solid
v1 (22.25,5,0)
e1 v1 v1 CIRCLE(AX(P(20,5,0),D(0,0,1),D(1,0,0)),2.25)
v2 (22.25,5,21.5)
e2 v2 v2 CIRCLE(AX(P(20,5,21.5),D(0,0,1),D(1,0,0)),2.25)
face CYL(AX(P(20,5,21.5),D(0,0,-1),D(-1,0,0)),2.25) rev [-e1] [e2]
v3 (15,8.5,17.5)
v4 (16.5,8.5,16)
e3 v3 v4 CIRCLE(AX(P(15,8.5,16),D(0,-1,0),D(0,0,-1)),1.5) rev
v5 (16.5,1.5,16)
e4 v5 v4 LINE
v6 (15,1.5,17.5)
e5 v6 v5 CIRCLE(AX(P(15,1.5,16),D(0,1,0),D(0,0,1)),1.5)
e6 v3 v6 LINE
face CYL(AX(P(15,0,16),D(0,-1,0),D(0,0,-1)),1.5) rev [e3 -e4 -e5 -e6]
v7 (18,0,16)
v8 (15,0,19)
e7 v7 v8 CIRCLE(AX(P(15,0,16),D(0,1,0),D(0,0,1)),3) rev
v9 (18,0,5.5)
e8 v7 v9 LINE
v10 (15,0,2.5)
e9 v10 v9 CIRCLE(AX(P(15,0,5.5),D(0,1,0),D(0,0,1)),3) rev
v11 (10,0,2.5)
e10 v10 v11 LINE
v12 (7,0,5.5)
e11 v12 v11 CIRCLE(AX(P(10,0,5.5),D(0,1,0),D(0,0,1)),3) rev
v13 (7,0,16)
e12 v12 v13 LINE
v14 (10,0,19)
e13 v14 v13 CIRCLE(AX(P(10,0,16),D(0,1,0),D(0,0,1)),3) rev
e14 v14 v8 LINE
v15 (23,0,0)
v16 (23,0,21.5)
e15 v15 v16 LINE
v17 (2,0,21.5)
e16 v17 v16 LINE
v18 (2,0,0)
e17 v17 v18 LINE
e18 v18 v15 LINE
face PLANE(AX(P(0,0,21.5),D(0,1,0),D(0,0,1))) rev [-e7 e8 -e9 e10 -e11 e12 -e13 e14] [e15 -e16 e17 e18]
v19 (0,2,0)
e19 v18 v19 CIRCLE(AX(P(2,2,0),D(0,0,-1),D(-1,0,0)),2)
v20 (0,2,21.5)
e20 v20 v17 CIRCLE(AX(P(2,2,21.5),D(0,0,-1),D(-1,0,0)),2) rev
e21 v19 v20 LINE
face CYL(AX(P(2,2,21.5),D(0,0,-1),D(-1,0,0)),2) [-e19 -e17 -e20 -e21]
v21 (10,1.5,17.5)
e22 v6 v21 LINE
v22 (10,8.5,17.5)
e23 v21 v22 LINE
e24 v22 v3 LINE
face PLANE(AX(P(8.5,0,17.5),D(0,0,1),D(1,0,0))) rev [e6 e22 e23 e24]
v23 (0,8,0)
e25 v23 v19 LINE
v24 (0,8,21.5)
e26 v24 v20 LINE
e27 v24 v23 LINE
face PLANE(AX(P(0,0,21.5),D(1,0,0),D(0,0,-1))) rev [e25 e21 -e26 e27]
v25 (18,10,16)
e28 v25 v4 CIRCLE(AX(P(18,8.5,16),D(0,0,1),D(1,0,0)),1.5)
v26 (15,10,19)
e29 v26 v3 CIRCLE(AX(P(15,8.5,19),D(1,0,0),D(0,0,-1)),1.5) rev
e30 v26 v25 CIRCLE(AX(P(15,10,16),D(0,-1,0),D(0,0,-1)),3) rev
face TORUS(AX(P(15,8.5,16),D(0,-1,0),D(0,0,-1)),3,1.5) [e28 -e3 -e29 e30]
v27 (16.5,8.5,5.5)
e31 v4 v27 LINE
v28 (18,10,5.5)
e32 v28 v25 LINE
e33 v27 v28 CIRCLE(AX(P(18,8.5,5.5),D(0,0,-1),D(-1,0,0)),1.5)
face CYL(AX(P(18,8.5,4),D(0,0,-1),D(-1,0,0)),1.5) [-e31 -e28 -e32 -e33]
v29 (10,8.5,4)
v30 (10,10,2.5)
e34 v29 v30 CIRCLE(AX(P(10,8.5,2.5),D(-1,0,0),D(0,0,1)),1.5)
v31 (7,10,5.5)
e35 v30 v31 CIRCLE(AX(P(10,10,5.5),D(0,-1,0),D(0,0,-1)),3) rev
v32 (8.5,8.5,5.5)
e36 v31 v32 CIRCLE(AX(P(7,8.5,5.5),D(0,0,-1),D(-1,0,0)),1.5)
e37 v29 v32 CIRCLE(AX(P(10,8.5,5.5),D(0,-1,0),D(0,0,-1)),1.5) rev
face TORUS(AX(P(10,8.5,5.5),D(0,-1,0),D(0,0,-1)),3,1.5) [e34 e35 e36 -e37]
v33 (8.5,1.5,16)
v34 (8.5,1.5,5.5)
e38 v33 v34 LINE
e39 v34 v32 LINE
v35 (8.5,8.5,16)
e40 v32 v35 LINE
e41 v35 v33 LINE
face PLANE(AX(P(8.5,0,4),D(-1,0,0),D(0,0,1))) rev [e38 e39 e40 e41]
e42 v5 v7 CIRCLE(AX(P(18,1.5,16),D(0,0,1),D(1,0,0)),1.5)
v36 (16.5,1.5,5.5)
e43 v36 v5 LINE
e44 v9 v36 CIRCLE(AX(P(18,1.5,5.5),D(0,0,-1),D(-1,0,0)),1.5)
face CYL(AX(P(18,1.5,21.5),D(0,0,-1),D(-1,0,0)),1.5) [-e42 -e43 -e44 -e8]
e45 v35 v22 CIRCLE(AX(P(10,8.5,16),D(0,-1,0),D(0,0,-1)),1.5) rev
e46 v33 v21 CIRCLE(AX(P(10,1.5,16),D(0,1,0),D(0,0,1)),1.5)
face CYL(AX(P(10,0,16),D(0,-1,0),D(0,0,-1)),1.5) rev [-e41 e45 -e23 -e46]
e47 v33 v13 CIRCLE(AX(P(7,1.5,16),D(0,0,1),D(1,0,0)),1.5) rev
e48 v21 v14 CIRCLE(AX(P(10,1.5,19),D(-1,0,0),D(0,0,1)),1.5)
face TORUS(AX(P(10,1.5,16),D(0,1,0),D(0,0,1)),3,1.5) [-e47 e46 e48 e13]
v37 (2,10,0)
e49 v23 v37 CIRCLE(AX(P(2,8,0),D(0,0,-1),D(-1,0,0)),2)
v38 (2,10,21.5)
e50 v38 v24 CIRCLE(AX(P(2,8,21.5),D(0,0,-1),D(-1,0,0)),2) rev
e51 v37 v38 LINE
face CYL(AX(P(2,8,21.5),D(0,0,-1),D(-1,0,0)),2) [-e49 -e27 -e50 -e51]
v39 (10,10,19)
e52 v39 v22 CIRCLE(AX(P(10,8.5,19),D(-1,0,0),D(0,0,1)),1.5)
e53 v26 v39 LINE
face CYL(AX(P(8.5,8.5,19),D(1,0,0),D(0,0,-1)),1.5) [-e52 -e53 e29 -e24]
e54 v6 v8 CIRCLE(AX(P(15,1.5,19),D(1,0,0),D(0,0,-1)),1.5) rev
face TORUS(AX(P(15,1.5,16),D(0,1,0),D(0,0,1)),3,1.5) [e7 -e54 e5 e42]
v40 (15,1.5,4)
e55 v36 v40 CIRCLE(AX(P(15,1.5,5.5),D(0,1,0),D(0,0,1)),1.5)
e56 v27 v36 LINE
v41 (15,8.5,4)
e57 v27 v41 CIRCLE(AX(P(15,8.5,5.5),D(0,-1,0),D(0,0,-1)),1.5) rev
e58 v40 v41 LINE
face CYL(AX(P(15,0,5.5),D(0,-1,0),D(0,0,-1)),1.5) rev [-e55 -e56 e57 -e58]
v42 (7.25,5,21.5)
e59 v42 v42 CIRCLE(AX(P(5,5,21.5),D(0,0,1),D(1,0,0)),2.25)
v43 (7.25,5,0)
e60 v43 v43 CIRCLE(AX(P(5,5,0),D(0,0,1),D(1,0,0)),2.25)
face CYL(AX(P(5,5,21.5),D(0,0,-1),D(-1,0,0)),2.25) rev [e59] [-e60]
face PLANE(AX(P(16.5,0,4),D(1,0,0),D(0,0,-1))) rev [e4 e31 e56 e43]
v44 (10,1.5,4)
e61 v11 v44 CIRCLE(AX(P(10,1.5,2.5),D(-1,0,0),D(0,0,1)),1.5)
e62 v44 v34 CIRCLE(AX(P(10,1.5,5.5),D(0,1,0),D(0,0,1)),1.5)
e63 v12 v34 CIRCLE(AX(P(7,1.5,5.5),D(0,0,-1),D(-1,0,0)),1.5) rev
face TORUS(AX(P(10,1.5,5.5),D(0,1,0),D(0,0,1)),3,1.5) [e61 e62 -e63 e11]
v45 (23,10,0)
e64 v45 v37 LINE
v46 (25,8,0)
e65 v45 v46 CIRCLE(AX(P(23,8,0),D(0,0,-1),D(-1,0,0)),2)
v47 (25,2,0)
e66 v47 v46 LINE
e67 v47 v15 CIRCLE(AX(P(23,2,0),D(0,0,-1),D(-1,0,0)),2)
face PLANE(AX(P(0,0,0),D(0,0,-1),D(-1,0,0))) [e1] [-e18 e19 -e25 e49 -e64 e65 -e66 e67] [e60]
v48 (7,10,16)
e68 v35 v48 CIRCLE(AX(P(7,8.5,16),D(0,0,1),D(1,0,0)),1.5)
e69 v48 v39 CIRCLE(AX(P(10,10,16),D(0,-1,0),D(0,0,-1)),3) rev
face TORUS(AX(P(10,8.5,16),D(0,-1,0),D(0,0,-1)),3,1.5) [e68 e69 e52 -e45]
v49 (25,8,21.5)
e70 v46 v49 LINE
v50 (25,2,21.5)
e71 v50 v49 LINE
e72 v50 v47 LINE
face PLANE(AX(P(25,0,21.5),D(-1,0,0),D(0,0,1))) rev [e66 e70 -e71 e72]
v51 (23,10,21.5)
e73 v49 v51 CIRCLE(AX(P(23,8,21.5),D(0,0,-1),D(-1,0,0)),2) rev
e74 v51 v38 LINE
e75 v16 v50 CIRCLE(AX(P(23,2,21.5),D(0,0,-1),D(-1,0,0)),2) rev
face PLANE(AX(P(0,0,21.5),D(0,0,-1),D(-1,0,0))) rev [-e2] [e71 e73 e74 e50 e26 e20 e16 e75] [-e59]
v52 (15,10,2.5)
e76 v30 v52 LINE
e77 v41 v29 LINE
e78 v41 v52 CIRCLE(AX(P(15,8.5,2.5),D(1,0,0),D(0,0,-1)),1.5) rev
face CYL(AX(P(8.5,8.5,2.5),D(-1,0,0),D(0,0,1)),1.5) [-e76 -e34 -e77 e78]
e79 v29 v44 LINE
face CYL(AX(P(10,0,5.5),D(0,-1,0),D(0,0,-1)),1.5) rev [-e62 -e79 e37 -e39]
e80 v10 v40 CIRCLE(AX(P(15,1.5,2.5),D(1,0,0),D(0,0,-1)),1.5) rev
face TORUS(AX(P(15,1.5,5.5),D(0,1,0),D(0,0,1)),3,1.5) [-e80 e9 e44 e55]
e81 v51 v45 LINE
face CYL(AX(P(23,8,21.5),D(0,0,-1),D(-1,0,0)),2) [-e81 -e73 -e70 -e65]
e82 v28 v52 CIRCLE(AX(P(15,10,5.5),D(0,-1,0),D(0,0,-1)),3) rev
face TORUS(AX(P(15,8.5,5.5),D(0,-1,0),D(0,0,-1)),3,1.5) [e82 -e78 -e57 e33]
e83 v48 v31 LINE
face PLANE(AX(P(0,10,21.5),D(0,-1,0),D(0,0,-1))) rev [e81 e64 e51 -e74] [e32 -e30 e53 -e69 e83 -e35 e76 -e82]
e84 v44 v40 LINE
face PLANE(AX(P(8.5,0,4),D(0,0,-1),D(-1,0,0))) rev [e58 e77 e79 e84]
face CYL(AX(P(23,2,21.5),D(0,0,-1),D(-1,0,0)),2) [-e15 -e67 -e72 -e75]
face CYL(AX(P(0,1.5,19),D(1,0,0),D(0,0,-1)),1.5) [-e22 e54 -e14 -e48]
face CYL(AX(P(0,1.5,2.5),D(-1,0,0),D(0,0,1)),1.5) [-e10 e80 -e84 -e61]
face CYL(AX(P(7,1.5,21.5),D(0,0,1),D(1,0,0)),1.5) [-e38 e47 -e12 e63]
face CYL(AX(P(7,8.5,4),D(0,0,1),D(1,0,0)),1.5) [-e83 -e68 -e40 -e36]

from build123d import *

# Parameters (mm, degrees)
SKETCH_1_W          = 25
SKETCH_1_H          = 10
SKETCH_1_R          = 2.25
EXTRUDE_1_DEPTH     = 21.5
FILLET_1_R          = 2
SKETCH_2_W          = 8
SKETCH_2_H          = 13.5
CUT_EXTRUDE_1_DEPTH = 35.456494308
FILLET_2_R          = 1.5


with BuildPart() as part:
    # 草图1 → 凸台-拉伸1 (new body)
    with BuildSketch(Plane.XY):
        with Locations((12.5, 5)):
            Rectangle(SKETCH_1_W, SKETCH_1_H)
        with Locations((5, 5)):
            Circle(SKETCH_1_R, mode=Mode.SUBTRACT)
        with Locations((20, 5)):
            Circle(SKETCH_1_R, mode=Mode.SUBTRACT)
    extrude(amount=EXTRUDE_1_DEPTH)

    # 圆角1
    fillet_1_edges = [part.edges().sort_by_distance(p)[0] for p in [
        (0, 10, 10.75),
        (25, 10, 10.75),
        (25, 0, 10.75),
        (0, 0, 10.75),
    ]]
    fillet(fillet_1_edges, radius=FILLET_1_R)

    # 草图2 → 切除-拉伸1 (cut, through all)
    with BuildSketch(Plane(origin=(0, 10, 0), x_dir=(1, 0, 0), z_dir=(0, 1, 0))):
        with Locations((12.5, -10.75)):
            Rectangle(SKETCH_2_W, SKETCH_2_H)
    extrude(amount=-CUT_EXTRUDE_1_DEPTH, mode=Mode.SUBTRACT)

    # 圆角2
    fillet_2_edges = [part.edges().sort_by_distance(p)[0] for p in [
        (8.5, 0, 10.75),
        (8.5, 5, 17.5),
        (12.5, 0, 4),
        (8.5, 5, 4),
        (16.5, 0, 10.75),
        (16.5, 5, 4),
        (12.5, 0, 17.5),
        (16.5, 5, 17.5),
        (8.5, 10, 10.75),
        (12.5, 10, 17.5),
        (16.5, 10, 10.75),
        (12.5, 10, 4),
    ]]
    fillet(fillet_2_edges, radius=FILLET_2_R)


solid = part.part
